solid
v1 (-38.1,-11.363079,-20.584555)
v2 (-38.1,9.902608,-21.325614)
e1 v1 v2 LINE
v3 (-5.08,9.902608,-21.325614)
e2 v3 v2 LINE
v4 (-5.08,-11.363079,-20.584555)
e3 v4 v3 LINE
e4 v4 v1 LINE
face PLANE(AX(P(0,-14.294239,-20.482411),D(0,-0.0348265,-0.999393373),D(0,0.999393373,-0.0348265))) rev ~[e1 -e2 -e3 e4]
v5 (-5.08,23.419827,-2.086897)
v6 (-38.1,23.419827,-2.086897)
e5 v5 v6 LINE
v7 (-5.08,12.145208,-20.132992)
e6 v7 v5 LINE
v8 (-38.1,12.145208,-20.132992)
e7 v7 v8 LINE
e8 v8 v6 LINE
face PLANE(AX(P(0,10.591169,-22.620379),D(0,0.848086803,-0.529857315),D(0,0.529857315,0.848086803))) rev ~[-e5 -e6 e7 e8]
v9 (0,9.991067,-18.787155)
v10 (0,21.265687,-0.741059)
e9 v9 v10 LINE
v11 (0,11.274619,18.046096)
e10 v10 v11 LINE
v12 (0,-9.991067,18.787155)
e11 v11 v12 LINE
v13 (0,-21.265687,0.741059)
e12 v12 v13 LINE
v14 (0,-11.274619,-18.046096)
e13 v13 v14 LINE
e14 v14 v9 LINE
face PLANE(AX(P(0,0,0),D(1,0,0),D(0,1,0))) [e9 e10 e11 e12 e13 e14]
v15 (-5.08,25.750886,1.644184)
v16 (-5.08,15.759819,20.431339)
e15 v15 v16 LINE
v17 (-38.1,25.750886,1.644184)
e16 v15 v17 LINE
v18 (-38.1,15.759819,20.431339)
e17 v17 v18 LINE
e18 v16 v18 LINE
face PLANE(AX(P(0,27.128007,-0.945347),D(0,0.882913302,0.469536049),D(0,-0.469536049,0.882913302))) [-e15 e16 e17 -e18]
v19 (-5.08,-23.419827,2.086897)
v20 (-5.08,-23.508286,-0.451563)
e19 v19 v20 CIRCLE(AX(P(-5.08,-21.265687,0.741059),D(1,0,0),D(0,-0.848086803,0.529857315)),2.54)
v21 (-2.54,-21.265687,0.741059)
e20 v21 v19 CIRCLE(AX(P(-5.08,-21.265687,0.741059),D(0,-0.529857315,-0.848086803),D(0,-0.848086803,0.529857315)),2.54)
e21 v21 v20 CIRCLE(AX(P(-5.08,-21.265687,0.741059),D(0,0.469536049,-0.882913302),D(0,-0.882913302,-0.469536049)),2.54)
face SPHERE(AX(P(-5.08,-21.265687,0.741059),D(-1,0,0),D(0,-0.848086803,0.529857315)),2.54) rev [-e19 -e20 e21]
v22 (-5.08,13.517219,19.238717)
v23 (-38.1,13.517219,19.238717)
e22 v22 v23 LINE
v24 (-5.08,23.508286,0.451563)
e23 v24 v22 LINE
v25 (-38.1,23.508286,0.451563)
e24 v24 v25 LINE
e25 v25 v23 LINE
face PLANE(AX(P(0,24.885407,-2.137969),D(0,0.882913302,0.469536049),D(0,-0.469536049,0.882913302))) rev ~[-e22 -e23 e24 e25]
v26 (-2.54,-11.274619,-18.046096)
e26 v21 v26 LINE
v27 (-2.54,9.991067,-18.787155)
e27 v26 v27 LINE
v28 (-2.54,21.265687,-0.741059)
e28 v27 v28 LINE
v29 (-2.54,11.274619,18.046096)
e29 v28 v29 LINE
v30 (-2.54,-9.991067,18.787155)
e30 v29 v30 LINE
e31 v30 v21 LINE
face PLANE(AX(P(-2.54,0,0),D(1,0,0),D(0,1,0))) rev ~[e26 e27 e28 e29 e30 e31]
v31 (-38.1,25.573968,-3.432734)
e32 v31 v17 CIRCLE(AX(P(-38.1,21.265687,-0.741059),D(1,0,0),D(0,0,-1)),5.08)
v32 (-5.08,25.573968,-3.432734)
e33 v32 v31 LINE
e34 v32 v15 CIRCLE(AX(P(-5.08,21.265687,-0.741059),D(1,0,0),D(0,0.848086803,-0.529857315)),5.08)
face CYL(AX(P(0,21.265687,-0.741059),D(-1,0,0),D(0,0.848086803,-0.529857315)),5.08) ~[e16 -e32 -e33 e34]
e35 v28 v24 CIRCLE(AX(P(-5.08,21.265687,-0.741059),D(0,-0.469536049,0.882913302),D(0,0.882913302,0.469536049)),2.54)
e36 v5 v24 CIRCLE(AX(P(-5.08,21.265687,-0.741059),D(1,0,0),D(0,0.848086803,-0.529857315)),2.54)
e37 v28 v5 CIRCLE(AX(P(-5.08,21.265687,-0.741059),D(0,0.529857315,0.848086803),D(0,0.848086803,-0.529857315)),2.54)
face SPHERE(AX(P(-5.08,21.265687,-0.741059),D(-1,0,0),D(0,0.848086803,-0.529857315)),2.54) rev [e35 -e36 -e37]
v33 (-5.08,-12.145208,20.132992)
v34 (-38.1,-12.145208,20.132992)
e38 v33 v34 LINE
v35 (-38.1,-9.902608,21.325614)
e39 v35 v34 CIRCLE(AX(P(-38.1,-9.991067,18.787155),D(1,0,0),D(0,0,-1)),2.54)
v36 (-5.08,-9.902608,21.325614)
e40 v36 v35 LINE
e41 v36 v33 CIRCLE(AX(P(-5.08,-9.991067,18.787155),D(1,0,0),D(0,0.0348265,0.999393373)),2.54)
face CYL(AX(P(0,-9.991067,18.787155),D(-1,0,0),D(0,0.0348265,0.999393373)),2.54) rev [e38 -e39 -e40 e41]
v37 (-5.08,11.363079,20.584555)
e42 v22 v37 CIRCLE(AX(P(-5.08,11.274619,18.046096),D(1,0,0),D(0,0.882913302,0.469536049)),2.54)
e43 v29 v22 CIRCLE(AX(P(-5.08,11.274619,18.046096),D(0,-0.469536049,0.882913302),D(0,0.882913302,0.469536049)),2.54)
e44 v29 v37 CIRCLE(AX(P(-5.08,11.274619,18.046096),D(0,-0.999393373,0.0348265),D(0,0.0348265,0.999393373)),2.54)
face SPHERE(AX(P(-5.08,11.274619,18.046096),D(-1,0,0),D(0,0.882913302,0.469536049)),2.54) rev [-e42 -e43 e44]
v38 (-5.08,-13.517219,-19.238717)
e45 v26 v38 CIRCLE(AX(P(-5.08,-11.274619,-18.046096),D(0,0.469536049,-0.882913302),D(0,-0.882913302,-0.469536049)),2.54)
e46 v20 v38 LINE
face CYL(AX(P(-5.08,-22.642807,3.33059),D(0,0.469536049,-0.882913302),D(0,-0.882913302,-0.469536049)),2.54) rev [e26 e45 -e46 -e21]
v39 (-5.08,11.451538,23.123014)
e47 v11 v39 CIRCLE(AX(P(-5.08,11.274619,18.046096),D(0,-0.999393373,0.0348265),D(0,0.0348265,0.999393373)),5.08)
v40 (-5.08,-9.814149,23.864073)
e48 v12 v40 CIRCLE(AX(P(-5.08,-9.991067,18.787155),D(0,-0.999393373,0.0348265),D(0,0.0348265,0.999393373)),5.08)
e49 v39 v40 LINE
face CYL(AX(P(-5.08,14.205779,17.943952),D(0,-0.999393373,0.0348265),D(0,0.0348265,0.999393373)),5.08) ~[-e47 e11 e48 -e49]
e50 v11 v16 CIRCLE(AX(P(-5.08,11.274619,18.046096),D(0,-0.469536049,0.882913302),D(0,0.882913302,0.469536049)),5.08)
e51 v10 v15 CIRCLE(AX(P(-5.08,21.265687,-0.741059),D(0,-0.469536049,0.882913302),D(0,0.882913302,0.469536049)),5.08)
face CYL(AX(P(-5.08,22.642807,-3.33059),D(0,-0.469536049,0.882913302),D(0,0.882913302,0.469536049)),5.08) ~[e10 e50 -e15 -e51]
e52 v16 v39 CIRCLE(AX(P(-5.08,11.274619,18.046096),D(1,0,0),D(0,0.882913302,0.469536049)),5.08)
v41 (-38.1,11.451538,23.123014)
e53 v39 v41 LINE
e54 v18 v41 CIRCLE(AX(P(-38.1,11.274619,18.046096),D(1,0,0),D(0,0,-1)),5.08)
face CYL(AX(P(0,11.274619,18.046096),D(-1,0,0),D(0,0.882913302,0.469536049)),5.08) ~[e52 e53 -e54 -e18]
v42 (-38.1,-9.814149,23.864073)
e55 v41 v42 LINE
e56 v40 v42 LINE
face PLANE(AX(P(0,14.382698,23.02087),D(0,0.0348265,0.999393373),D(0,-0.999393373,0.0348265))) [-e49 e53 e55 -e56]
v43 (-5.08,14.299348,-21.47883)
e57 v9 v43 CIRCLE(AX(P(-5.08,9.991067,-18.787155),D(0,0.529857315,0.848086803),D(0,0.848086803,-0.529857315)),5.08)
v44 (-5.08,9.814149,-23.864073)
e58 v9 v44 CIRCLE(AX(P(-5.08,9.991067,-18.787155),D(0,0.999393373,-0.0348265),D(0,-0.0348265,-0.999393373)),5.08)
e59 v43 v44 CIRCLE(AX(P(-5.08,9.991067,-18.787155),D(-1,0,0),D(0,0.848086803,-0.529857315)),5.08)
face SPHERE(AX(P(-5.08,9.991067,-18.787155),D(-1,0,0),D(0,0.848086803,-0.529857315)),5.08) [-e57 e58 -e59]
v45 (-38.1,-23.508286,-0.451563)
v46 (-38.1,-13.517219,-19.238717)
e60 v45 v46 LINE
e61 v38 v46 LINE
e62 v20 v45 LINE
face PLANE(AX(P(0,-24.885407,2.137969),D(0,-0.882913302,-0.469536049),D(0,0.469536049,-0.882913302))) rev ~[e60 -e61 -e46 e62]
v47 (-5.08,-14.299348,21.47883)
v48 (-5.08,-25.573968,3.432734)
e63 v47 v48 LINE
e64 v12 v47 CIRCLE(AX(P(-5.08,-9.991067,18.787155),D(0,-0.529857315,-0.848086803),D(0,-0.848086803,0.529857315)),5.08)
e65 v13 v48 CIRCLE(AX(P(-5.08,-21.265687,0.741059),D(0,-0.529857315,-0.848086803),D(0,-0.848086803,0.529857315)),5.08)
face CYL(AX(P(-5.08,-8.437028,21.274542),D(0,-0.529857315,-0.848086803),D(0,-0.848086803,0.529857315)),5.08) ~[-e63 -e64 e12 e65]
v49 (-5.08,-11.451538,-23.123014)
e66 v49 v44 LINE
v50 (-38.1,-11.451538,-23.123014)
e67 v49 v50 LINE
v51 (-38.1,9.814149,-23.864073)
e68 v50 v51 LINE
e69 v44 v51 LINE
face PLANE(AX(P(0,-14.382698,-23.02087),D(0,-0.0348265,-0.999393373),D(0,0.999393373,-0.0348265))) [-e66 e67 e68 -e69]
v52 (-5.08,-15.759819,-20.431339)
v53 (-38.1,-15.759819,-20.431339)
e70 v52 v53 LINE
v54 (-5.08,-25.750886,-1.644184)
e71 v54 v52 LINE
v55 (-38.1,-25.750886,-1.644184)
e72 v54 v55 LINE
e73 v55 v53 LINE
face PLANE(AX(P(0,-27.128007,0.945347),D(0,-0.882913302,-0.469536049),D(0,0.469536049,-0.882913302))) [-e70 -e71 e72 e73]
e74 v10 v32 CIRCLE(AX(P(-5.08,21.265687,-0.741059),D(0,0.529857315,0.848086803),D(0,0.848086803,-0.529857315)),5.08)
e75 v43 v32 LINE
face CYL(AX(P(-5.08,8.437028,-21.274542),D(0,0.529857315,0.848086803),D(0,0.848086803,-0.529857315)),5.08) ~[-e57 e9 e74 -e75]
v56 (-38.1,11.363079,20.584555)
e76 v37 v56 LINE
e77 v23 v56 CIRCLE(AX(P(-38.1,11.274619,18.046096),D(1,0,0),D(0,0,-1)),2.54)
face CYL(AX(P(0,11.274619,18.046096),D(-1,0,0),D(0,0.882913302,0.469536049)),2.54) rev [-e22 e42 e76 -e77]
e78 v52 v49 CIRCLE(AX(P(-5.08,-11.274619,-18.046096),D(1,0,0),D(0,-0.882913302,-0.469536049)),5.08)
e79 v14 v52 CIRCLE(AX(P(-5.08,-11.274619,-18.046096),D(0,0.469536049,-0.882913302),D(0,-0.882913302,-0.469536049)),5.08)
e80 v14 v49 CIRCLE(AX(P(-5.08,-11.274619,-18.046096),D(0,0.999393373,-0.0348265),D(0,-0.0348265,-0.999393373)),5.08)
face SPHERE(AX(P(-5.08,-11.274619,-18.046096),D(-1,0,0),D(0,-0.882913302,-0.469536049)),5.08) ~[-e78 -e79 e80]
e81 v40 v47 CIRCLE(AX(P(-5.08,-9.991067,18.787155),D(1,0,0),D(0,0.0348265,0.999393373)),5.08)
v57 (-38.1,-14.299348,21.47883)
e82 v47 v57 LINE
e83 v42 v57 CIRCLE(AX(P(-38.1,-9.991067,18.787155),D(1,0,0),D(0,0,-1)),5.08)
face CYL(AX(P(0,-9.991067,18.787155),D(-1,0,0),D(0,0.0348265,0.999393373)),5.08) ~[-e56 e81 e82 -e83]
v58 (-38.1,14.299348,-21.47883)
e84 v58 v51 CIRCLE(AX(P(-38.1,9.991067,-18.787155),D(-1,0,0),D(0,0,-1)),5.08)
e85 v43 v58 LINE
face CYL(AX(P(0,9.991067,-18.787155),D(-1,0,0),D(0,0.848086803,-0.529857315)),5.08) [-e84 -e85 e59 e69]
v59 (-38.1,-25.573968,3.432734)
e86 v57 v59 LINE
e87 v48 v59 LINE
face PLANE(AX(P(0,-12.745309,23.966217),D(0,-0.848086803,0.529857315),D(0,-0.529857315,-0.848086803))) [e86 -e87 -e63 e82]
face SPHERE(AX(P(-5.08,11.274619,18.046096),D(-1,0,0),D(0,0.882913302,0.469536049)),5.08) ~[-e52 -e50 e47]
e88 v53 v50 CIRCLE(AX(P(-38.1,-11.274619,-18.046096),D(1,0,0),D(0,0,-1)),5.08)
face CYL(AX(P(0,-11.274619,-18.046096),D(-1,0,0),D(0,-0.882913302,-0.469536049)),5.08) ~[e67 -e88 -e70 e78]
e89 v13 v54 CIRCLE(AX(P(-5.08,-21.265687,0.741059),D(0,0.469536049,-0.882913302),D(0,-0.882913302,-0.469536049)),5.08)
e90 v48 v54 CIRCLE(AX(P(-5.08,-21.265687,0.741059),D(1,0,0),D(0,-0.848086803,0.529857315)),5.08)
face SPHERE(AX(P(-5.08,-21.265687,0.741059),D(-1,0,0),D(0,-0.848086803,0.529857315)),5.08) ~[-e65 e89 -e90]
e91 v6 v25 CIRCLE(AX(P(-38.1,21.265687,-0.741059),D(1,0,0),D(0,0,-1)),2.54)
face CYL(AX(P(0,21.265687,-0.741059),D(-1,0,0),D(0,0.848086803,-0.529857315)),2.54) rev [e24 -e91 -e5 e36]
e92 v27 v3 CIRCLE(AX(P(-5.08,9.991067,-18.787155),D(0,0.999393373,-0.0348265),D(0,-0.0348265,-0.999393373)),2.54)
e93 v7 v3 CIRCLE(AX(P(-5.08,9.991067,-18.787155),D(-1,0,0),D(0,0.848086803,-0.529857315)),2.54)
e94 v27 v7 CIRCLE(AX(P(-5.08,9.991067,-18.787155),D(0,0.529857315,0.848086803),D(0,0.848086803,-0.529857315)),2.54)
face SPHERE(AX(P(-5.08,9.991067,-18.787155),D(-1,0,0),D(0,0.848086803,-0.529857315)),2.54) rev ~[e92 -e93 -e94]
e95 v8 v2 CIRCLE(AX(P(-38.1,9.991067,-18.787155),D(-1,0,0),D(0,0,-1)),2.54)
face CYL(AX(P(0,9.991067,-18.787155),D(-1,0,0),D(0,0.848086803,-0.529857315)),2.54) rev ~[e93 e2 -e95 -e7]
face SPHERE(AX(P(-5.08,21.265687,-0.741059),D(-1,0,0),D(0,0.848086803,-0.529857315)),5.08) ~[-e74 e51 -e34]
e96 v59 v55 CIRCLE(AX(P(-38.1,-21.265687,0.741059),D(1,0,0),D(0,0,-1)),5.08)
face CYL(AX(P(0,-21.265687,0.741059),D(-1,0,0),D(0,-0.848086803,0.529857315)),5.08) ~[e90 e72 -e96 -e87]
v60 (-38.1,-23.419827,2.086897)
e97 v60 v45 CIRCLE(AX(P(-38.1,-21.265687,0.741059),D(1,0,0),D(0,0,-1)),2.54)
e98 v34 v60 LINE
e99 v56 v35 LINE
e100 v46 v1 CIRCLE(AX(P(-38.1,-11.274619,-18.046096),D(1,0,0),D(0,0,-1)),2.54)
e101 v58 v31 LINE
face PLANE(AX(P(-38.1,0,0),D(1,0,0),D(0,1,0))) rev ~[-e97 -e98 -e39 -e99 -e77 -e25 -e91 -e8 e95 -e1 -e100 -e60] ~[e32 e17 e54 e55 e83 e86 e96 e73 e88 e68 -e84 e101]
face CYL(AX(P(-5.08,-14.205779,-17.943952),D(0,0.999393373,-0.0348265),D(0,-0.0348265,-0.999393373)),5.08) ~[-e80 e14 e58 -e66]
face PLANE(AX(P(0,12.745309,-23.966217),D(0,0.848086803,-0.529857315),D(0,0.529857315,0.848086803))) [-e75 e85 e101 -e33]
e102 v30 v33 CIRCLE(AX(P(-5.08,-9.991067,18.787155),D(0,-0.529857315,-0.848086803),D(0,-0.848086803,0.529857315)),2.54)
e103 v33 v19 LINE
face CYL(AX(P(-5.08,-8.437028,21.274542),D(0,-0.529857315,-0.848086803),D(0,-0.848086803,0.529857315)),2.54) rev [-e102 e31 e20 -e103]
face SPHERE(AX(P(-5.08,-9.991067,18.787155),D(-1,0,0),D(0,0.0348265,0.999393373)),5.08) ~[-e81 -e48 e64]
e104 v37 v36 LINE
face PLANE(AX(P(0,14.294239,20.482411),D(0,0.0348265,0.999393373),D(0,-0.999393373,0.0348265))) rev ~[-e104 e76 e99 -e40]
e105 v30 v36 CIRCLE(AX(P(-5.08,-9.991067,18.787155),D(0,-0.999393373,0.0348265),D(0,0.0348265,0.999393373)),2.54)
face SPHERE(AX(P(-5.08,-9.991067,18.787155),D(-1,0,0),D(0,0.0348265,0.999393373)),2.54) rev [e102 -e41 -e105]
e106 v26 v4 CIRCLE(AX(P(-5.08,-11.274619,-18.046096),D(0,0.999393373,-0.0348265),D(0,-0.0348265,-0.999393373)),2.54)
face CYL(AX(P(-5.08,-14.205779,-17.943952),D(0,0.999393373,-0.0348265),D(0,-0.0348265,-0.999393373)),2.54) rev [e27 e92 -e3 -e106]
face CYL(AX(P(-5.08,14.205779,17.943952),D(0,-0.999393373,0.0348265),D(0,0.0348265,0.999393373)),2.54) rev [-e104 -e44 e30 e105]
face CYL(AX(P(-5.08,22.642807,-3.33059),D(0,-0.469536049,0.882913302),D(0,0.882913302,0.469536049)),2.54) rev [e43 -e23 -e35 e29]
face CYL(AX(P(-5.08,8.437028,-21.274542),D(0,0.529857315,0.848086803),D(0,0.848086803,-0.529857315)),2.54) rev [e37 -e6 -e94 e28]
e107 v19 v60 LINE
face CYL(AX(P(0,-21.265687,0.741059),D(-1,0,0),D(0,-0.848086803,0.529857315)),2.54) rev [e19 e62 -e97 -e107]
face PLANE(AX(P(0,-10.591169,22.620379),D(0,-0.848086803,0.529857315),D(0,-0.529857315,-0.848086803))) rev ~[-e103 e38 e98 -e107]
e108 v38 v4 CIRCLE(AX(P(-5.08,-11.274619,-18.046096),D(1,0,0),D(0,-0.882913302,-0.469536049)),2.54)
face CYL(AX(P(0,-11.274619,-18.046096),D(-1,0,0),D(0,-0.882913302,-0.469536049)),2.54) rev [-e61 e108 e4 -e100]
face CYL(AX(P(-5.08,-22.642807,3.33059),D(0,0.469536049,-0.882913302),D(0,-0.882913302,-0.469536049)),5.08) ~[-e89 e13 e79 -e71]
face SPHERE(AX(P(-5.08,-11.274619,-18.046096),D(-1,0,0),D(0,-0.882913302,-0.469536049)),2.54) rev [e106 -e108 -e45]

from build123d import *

# Parameters (mm, degrees)
F1_DEPTH = 38.1
F2_R     = 5.08
F3_T     = -2.54


with BuildPart() as f1:
    # F0 (on Right) → F1 (new body)
    with BuildSketch(Plane.YZ):
        Polygon((12.745309, -23.966217), (27.128007, -0.945347), (14.382698, 23.02087), (-12.745309, 23.966217), (-27.128007, 0.945347), (-14.382698, -23.02087), align=None)
    extrude(amount=-F1_DEPTH)

    # F2
    f2_edges = [f1.edges().sort_by_distance(p)[0] for p in [
        (-19.05, -12.745309, 23.966217),
        (-19.05, -27.128007, 0.945347),
        (-19.05, 14.382698, 23.02087),
        (-19.05, 12.745309, -23.966217),
        (-19.05, 27.128007, -0.945347),
        (-19.05, -14.382698, -23.02087),
        (0, 19.936658, -12.455782),
        (0, 20.755353, 11.037761),
        (0, 0.818695, 23.493543),
        (0, -19.936658, 12.455782),
        (0, -20.755353, -11.037761),
        (0, -0.818695, -23.493543),
    ]]
    fillet(f2_edges, radius=F2_R)

    # F3
    f3_openings = [f1.faces().sort_by_distance(p)[0] for p in [
        (-38.1, 0, 0),
    ]]
    offset(amount=F3_T, openings=f3_openings)


solid = f1.part
